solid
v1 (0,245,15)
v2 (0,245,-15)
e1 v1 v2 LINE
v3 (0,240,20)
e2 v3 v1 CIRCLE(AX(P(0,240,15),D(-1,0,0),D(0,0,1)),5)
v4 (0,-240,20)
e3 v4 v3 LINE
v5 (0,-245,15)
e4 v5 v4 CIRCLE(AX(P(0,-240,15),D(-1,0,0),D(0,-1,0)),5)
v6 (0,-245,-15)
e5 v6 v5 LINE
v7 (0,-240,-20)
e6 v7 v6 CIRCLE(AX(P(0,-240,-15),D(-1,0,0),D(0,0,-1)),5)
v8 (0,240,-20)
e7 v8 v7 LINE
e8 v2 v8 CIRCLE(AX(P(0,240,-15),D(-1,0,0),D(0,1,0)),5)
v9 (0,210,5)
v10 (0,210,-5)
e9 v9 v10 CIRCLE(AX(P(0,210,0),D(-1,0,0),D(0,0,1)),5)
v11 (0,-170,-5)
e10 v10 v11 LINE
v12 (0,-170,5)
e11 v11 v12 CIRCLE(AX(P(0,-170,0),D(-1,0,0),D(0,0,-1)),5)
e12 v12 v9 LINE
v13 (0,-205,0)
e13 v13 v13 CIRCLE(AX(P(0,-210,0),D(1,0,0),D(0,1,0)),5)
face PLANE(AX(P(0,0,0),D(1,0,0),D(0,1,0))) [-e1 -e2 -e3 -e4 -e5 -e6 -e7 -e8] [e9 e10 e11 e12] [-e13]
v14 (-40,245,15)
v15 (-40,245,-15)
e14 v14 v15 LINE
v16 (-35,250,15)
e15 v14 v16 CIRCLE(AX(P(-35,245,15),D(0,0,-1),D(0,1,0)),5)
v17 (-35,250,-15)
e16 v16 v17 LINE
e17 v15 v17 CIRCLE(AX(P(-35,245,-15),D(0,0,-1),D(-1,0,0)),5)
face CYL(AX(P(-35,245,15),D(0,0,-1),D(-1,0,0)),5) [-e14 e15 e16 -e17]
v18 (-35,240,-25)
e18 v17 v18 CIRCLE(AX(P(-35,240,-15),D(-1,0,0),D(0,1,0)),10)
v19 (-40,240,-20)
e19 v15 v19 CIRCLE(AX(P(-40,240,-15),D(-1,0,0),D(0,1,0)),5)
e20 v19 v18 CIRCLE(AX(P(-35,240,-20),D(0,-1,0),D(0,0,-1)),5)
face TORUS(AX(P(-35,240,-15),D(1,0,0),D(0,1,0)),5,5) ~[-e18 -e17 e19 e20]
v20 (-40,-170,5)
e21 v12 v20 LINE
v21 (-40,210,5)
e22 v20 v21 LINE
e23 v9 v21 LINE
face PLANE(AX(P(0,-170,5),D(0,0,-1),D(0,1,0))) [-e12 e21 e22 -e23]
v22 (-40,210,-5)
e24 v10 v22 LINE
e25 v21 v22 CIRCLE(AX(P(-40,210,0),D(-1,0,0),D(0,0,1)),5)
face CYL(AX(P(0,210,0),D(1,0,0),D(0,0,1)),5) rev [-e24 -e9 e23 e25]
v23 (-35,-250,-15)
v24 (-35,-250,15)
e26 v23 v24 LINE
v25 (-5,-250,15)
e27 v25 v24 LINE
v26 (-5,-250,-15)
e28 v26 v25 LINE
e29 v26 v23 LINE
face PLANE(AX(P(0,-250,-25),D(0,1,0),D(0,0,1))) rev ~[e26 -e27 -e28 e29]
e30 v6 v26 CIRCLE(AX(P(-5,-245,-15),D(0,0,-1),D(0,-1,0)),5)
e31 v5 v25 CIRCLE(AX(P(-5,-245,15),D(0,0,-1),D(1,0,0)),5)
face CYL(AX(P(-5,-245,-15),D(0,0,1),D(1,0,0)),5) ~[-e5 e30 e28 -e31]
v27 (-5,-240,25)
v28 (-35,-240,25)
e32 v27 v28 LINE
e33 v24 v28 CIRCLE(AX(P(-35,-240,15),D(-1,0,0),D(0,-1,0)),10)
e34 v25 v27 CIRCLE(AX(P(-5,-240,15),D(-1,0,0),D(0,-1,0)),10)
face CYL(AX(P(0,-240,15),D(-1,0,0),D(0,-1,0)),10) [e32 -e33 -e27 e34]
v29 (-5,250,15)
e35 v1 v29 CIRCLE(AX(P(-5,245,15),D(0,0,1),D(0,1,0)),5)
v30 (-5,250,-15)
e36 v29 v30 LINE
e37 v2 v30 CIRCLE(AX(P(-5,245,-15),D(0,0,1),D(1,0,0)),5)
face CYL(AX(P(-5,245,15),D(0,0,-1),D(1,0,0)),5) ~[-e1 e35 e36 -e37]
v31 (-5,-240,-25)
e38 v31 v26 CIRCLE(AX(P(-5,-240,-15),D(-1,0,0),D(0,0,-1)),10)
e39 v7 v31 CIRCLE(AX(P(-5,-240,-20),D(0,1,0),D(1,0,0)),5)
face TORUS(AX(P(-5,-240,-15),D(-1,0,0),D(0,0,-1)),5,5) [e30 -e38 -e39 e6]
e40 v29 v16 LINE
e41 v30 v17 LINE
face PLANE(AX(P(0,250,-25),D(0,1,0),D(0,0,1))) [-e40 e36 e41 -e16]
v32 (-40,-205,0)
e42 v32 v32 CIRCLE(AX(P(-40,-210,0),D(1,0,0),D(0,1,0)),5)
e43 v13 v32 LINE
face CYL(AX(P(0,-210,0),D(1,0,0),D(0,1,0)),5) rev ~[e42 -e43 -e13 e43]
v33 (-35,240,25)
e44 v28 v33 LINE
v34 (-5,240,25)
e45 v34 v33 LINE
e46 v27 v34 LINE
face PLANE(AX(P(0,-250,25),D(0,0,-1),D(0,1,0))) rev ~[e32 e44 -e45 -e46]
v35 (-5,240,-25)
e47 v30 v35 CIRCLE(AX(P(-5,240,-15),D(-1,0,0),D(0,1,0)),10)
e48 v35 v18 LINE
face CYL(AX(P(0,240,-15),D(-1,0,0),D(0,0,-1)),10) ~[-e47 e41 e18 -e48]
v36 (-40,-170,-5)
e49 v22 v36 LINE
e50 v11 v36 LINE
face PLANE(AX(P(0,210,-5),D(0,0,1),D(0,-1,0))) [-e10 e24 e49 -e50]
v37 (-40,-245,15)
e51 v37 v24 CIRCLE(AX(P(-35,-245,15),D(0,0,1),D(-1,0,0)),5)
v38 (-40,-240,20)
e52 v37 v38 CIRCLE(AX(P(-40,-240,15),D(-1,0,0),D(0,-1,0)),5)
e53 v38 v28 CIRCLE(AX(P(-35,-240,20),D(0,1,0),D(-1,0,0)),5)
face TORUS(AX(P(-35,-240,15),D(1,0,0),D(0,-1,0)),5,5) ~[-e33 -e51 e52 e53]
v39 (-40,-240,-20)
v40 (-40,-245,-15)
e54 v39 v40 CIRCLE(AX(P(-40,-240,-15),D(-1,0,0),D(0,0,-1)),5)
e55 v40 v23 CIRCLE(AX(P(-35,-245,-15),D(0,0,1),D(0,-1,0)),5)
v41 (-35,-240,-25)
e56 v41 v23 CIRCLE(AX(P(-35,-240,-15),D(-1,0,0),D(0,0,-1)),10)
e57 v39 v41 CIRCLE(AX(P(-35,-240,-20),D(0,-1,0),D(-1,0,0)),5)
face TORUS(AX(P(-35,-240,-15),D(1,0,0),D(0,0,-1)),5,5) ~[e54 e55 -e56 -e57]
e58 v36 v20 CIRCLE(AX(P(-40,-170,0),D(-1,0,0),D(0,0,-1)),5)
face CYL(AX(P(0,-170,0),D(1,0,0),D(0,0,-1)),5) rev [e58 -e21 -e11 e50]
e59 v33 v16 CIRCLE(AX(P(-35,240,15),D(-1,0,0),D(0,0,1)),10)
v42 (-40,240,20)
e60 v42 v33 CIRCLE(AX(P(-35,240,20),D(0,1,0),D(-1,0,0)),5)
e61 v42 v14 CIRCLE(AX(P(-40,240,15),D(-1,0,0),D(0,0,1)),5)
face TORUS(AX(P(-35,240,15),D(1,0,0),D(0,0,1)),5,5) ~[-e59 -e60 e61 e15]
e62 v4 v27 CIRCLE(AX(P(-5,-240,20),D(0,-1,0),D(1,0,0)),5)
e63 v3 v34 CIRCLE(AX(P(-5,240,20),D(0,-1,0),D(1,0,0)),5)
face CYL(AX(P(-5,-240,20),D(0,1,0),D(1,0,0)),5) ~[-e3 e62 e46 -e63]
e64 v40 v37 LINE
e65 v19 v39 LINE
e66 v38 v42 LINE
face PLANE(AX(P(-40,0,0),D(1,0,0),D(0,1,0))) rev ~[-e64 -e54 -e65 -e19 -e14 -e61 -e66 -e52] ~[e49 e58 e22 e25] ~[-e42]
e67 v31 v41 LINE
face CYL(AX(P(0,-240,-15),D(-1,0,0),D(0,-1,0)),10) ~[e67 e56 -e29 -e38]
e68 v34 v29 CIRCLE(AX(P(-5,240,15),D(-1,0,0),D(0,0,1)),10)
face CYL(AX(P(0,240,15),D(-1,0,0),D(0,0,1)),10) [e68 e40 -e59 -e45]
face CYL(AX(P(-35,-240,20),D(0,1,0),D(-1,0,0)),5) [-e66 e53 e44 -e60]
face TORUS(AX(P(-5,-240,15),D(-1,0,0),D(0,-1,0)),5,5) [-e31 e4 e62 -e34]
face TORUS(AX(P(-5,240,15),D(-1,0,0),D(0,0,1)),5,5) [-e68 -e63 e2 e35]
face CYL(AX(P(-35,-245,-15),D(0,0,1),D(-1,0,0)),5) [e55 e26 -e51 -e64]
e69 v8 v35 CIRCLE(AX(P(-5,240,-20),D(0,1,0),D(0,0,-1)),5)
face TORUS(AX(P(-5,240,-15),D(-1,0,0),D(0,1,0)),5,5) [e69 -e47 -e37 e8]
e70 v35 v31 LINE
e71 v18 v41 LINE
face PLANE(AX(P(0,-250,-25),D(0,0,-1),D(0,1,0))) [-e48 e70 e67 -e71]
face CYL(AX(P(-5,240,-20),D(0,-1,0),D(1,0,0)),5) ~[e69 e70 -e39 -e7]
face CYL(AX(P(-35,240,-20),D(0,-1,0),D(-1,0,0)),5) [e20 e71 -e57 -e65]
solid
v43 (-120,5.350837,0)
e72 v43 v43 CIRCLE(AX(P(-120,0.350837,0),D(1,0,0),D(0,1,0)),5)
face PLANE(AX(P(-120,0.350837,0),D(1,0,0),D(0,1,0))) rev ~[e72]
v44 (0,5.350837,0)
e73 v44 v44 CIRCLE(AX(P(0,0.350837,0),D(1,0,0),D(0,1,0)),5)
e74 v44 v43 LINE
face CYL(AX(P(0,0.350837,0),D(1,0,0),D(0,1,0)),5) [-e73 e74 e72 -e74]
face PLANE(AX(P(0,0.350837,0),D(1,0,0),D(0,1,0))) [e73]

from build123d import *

# Parameters (mm, degrees)
F0_W     = 500
F0_H     = 50
F0_R     = 5
F1_DEPTH = 40
F2_R     = 10
F3_R     = 5
F4_R     = 5
F5_DEPTH = 120


with BuildPart() as f1:
    # F0 (on Right) → F1 (new body)
    with BuildSketch(Plane.YZ):
        Rectangle(F0_W, F0_H)
        with Locations((-210, 0)):
            Circle(F0_R, mode=Mode.SUBTRACT)
        with BuildLine():
            Line((210, -5), (-170, -5))
            ThreePointArc((-170, -5), (-175, 0), (-170, 5))
            Line((-170, 5), (210, 5))
            ThreePointArc((210, 5), (215, 0), (210, -5))
        make_face(mode=Mode.SUBTRACT)
    extrude(amount=-F1_DEPTH)

    # F2
    f2_edges = [f1.edges().sort_by_distance(p)[0] for p in [
        (-20, -250, 25),
        (-20, -250, -25),
        (-20, 250, 25),
        (-20, 250, -25),
    ]]
    fillet(f2_edges, radius=F2_R)

    # F3
    f3_edges = [f1.edges().sort_by_distance(p)[0] for p in [
        (0, 0, 25),
        (-40, 0, 25),
    ]]
    fillet(f3_edges, radius=F3_R)


with BuildPart() as f5:
    # F4 (on Right) → F5 (new body)
    with BuildSketch(Plane.YZ):
        with Locations((0.350837, 0)):
            Circle(F4_R)
    extrude(amount=-F5_DEPTH)


solid = Compound([f1.part, f5.part])
